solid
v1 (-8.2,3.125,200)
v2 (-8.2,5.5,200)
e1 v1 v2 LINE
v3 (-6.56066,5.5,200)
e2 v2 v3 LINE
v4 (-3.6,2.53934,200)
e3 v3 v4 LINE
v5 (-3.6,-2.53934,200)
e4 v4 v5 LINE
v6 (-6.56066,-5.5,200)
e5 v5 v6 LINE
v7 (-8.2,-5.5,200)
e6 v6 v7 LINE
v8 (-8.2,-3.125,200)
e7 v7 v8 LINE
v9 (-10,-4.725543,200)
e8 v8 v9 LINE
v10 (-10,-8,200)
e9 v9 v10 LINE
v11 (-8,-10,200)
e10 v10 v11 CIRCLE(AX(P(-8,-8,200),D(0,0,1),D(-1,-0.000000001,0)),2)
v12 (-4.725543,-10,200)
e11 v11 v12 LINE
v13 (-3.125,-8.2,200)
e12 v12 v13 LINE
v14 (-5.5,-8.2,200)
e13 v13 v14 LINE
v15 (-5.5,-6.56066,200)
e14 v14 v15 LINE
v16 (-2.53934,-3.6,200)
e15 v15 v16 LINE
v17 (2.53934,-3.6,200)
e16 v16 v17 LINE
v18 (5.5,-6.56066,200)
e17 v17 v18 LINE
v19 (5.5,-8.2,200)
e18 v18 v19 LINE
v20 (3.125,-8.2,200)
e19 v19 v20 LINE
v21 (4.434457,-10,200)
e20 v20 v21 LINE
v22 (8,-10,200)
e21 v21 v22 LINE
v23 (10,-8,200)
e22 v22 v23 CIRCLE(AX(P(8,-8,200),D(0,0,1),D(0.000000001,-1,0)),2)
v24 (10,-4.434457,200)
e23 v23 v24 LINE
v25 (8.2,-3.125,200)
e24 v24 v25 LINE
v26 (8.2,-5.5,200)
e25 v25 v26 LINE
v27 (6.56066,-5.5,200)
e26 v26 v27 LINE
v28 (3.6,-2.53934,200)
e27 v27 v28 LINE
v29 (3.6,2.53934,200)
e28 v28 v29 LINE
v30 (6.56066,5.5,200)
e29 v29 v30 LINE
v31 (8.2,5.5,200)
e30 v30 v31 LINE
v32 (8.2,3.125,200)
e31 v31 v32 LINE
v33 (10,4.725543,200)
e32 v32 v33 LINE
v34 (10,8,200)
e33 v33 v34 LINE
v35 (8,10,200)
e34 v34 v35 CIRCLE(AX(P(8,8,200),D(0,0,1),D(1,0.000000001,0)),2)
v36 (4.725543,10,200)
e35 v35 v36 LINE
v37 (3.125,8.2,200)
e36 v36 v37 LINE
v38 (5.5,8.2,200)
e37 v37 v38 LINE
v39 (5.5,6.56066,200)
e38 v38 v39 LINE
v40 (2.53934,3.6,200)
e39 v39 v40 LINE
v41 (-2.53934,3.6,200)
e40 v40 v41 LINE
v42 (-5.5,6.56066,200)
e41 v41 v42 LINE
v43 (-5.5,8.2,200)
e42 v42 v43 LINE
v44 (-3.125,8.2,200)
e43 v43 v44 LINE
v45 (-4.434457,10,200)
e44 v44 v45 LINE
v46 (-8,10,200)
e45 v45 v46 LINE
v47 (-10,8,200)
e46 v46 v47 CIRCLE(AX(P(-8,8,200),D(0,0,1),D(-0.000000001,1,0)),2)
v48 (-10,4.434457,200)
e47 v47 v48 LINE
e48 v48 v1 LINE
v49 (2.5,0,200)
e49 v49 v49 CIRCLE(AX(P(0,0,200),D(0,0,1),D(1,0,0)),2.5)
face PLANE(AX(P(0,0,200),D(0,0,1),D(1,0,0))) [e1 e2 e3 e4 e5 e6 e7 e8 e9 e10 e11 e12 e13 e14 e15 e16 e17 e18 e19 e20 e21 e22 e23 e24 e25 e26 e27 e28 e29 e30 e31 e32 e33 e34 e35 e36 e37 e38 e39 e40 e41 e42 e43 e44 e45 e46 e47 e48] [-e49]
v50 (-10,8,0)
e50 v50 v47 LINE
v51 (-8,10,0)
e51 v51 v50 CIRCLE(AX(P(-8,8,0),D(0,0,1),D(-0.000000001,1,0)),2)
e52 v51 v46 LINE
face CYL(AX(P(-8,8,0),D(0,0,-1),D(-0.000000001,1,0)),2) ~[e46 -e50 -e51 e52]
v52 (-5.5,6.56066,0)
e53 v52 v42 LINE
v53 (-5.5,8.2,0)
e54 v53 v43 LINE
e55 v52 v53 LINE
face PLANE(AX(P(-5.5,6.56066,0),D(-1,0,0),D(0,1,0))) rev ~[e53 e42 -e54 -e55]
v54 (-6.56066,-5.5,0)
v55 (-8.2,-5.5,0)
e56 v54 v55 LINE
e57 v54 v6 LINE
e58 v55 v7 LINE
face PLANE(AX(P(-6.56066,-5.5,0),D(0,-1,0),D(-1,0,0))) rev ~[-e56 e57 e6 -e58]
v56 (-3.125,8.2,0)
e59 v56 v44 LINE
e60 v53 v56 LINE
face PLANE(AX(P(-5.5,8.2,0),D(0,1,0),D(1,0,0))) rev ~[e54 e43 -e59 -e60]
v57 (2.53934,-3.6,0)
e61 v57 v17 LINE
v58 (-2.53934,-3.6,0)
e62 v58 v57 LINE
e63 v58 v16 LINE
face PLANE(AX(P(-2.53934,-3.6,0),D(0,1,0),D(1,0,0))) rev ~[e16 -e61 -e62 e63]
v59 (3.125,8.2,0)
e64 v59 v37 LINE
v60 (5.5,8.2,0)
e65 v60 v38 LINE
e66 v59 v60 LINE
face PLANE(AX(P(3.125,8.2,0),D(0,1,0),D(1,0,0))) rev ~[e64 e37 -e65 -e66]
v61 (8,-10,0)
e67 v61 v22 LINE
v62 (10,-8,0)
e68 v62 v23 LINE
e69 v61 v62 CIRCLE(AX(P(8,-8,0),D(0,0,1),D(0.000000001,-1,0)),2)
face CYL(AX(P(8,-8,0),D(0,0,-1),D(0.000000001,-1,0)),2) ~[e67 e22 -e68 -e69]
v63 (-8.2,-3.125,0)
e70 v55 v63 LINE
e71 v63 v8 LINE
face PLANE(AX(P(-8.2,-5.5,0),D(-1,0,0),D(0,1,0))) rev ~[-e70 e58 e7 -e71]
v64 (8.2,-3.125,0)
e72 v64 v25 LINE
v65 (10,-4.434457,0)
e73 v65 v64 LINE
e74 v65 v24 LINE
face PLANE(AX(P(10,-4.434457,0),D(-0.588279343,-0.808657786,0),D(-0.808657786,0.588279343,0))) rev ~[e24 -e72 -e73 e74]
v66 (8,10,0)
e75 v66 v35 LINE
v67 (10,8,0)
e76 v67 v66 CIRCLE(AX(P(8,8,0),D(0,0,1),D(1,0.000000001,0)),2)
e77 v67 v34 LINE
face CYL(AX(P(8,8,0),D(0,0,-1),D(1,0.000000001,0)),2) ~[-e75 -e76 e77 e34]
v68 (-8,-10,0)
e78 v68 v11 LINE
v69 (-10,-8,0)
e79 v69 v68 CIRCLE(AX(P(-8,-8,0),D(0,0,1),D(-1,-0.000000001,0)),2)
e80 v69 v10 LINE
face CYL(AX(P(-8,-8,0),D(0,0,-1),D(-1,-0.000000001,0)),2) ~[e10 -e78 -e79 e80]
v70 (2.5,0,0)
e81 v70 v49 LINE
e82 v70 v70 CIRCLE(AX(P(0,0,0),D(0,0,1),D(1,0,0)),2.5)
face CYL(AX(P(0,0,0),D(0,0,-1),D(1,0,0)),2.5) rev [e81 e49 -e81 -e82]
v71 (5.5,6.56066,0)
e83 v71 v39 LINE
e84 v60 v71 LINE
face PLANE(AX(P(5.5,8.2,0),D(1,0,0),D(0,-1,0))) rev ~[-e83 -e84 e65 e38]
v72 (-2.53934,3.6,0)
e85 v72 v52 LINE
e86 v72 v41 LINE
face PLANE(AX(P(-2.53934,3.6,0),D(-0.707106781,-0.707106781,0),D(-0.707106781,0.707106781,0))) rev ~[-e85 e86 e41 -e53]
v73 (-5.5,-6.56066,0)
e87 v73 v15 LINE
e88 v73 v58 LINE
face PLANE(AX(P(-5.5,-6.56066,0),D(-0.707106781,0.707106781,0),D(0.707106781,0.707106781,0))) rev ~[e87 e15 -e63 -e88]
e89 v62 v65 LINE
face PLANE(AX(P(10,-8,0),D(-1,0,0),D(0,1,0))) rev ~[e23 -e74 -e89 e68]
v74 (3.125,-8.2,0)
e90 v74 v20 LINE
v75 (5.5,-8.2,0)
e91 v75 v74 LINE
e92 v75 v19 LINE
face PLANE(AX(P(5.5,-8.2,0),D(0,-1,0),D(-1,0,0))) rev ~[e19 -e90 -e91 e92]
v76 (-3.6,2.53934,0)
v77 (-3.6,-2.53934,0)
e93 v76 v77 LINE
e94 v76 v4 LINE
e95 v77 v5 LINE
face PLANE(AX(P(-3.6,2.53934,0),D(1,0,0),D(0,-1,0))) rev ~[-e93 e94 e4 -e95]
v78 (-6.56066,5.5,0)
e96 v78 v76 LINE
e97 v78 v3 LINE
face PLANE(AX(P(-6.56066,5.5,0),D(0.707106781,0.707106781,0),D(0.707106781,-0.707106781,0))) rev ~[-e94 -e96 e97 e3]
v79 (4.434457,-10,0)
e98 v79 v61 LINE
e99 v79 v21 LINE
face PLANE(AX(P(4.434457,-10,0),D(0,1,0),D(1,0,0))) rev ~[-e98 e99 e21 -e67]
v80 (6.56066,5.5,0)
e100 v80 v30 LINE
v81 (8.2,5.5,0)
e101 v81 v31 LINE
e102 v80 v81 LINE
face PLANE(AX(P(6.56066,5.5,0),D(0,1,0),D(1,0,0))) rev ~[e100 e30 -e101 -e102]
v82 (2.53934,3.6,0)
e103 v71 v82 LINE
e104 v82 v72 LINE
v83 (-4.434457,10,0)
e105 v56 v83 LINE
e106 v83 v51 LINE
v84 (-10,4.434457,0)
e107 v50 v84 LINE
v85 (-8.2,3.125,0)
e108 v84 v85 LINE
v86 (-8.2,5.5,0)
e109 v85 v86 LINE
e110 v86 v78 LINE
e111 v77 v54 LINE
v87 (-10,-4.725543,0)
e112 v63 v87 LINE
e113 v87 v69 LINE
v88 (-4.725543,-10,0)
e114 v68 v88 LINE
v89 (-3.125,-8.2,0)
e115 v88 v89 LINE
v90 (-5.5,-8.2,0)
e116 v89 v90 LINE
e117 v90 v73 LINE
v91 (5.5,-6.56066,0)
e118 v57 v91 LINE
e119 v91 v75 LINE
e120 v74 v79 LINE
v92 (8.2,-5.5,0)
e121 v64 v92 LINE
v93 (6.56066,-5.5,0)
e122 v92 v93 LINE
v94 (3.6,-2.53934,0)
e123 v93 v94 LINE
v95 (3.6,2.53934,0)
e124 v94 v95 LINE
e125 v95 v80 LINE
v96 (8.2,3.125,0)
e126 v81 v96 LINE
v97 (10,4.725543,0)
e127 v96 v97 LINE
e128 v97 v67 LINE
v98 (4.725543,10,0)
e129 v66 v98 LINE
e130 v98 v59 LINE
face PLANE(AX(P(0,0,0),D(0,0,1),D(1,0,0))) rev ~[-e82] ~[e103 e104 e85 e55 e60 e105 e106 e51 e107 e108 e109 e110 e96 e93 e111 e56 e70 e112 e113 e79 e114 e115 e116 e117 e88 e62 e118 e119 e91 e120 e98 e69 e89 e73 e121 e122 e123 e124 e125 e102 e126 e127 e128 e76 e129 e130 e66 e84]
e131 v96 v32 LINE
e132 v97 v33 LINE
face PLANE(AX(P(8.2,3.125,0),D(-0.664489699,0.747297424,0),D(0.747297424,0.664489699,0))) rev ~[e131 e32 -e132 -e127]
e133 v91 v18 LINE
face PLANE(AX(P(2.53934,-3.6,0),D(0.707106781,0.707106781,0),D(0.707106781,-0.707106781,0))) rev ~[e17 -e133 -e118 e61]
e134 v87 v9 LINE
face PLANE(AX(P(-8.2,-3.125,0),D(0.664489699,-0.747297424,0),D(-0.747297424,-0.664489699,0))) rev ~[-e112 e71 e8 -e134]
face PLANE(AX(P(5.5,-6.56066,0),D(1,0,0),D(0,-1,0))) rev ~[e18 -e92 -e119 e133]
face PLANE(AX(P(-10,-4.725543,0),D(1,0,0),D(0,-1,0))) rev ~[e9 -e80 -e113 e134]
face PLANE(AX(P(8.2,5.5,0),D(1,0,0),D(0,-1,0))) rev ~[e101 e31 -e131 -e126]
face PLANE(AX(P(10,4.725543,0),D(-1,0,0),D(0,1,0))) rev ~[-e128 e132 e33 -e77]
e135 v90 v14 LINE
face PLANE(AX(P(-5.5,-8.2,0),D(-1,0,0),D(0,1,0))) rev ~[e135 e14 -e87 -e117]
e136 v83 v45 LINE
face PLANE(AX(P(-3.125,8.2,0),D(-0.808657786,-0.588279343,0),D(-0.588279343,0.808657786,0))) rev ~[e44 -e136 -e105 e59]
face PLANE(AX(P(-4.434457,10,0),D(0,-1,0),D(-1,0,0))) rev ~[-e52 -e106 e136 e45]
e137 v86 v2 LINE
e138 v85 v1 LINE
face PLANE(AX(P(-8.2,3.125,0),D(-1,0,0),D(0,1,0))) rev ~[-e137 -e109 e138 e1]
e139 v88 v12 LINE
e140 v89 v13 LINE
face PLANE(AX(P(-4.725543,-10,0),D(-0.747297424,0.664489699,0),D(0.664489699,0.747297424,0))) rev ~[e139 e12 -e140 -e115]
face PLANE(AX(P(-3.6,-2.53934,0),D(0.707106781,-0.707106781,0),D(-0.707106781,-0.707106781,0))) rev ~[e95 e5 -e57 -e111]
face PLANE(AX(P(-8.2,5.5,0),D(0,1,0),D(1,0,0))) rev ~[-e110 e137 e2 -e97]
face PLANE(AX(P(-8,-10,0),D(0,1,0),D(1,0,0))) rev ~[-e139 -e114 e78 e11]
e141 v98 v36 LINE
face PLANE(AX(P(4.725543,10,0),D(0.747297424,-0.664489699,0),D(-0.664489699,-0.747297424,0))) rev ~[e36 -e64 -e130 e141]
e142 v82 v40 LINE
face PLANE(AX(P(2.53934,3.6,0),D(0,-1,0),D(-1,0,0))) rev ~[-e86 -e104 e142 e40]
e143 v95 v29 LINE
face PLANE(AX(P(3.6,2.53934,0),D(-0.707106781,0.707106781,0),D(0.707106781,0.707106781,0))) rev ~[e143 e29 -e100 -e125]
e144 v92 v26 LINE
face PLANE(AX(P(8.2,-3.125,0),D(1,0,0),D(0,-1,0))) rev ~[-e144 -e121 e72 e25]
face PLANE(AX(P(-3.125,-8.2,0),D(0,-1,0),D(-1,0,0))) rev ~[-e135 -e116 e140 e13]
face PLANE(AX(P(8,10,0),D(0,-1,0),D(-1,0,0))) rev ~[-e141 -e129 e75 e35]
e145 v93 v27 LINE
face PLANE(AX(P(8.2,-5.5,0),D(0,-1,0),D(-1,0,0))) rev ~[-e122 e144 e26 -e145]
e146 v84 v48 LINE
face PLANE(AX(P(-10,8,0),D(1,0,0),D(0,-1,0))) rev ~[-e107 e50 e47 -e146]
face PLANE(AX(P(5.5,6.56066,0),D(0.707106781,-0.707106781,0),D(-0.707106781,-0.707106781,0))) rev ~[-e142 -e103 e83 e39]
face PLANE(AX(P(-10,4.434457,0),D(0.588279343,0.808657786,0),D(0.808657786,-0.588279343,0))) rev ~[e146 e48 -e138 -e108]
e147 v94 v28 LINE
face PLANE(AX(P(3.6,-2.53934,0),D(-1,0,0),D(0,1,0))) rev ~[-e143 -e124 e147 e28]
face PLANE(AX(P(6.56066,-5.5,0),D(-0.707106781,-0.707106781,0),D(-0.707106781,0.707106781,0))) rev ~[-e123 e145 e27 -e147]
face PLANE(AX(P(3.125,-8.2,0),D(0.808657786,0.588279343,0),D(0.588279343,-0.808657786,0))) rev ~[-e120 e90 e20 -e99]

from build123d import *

# Parameters (mm, degrees)
SKETCH1_R           = 2.5
BOSS_EXTRUDE1_DEPTH = 200


with BuildPart() as part:
    # Sketch1 → Boss-Extrude1 (new body)
    with BuildSketch(Plane.XY):
        with BuildLine():
            Line((-4.725542729, -10), (-3.125, -8.2))
            Line((-3.125, -8.2), (-5.5, -8.2))
            Line((-5.5, -8.2), (-5.5, -6.560660172))
            Line((-5.5, -6.560660172), (-2.539339828, -3.6))
            Line((-2.539339828, -3.6), (2.539339828, -3.6))
            Line((2.539339828, -3.6), (5.5, -6.560660172))
            Line((5.5, -6.560660172), (5.5, -8.2))
            Line((5.5, -8.2), (3.125, -8.2))
            Line((3.125, -8.2), (4.434457271, -10))
            Line((4.434457271, -10), (8, -10))
            ThreePointArc((8, -10), (9.414213562, -9.414213562), (10, -8))
            Line((10, -8), (10, -4.434457271))
            Line((10, -4.434457271), (8.2, -3.125))
            Line((8.2, -3.125), (8.2, -5.5))
            Line((8.2, -5.5), (6.560660172, -5.5))
            Line((6.560660172, -5.5), (3.6, -2.539339828))
            Line((3.6, -2.539339828), (3.6, 2.539339828))
            Line((3.6, 2.539339828), (6.560660172, 5.5))
            Line((6.560660172, 5.5), (8.2, 5.5))
            Line((8.2, 5.5), (8.2, 3.125))
            Line((8.2, 3.125), (10, 4.725542729))
            Line((10, 4.725542729), (10, 8))
            ThreePointArc((10, 8), (9.414213562, 9.414213562), (8, 10))
            Line((8, 10), (4.725542729, 10))
            Line((4.725542729, 10), (3.125, 8.2))
            Line((3.125, 8.2), (5.5, 8.2))
            Line((5.5, 8.2), (5.5, 6.560660172))
            Line((5.5, 6.560660172), (2.539339828, 3.6))
            Line((2.539339828, 3.6), (-2.539339828, 3.6))
            Line((-2.539339828, 3.6), (-5.5, 6.560660172))
            Line((-5.5, 6.560660172), (-5.5, 8.2))
            Line((-5.5, 8.2), (-3.125, 8.2))
            Line((-3.125, 8.2), (-4.434457271, 10))
            Line((-4.434457271, 10), (-8, 10))
            ThreePointArc((-8, 10), (-9.414213562, 9.414213562), (-10, 8))
            Line((-10, 8), (-10, 4.434457271))
            Line((-10, 4.434457271), (-8.2, 3.125))
            Line((-8.2, 3.125), (-8.2, 5.5))
            Line((-8.2, 5.5), (-6.560660172, 5.5))
            Line((-6.560660172, 5.5), (-3.6, 2.539339828))
            Line((-3.6, 2.539339828), (-3.6, -2.539339828))
            Line((-3.6, -2.539339828), (-6.560660172, -5.5))
            Line((-6.560660172, -5.5), (-8.2, -5.5))
            Line((-8.2, -5.5), (-8.2, -3.125))
            Line((-8.2, -3.125), (-10, -4.725542729))
            Line((-10, -4.725542729), (-10, -8))
            ThreePointArc((-10, -8), (-9.414213562, -9.414213562), (-8, -10))
            Line((-8, -10), (-4.725542729, -10))
        make_face()
        Circle(SKETCH1_R, mode=Mode.SUBTRACT)
    extrude(amount=BOSS_EXTRUDE1_DEPTH)


solid = part.part
